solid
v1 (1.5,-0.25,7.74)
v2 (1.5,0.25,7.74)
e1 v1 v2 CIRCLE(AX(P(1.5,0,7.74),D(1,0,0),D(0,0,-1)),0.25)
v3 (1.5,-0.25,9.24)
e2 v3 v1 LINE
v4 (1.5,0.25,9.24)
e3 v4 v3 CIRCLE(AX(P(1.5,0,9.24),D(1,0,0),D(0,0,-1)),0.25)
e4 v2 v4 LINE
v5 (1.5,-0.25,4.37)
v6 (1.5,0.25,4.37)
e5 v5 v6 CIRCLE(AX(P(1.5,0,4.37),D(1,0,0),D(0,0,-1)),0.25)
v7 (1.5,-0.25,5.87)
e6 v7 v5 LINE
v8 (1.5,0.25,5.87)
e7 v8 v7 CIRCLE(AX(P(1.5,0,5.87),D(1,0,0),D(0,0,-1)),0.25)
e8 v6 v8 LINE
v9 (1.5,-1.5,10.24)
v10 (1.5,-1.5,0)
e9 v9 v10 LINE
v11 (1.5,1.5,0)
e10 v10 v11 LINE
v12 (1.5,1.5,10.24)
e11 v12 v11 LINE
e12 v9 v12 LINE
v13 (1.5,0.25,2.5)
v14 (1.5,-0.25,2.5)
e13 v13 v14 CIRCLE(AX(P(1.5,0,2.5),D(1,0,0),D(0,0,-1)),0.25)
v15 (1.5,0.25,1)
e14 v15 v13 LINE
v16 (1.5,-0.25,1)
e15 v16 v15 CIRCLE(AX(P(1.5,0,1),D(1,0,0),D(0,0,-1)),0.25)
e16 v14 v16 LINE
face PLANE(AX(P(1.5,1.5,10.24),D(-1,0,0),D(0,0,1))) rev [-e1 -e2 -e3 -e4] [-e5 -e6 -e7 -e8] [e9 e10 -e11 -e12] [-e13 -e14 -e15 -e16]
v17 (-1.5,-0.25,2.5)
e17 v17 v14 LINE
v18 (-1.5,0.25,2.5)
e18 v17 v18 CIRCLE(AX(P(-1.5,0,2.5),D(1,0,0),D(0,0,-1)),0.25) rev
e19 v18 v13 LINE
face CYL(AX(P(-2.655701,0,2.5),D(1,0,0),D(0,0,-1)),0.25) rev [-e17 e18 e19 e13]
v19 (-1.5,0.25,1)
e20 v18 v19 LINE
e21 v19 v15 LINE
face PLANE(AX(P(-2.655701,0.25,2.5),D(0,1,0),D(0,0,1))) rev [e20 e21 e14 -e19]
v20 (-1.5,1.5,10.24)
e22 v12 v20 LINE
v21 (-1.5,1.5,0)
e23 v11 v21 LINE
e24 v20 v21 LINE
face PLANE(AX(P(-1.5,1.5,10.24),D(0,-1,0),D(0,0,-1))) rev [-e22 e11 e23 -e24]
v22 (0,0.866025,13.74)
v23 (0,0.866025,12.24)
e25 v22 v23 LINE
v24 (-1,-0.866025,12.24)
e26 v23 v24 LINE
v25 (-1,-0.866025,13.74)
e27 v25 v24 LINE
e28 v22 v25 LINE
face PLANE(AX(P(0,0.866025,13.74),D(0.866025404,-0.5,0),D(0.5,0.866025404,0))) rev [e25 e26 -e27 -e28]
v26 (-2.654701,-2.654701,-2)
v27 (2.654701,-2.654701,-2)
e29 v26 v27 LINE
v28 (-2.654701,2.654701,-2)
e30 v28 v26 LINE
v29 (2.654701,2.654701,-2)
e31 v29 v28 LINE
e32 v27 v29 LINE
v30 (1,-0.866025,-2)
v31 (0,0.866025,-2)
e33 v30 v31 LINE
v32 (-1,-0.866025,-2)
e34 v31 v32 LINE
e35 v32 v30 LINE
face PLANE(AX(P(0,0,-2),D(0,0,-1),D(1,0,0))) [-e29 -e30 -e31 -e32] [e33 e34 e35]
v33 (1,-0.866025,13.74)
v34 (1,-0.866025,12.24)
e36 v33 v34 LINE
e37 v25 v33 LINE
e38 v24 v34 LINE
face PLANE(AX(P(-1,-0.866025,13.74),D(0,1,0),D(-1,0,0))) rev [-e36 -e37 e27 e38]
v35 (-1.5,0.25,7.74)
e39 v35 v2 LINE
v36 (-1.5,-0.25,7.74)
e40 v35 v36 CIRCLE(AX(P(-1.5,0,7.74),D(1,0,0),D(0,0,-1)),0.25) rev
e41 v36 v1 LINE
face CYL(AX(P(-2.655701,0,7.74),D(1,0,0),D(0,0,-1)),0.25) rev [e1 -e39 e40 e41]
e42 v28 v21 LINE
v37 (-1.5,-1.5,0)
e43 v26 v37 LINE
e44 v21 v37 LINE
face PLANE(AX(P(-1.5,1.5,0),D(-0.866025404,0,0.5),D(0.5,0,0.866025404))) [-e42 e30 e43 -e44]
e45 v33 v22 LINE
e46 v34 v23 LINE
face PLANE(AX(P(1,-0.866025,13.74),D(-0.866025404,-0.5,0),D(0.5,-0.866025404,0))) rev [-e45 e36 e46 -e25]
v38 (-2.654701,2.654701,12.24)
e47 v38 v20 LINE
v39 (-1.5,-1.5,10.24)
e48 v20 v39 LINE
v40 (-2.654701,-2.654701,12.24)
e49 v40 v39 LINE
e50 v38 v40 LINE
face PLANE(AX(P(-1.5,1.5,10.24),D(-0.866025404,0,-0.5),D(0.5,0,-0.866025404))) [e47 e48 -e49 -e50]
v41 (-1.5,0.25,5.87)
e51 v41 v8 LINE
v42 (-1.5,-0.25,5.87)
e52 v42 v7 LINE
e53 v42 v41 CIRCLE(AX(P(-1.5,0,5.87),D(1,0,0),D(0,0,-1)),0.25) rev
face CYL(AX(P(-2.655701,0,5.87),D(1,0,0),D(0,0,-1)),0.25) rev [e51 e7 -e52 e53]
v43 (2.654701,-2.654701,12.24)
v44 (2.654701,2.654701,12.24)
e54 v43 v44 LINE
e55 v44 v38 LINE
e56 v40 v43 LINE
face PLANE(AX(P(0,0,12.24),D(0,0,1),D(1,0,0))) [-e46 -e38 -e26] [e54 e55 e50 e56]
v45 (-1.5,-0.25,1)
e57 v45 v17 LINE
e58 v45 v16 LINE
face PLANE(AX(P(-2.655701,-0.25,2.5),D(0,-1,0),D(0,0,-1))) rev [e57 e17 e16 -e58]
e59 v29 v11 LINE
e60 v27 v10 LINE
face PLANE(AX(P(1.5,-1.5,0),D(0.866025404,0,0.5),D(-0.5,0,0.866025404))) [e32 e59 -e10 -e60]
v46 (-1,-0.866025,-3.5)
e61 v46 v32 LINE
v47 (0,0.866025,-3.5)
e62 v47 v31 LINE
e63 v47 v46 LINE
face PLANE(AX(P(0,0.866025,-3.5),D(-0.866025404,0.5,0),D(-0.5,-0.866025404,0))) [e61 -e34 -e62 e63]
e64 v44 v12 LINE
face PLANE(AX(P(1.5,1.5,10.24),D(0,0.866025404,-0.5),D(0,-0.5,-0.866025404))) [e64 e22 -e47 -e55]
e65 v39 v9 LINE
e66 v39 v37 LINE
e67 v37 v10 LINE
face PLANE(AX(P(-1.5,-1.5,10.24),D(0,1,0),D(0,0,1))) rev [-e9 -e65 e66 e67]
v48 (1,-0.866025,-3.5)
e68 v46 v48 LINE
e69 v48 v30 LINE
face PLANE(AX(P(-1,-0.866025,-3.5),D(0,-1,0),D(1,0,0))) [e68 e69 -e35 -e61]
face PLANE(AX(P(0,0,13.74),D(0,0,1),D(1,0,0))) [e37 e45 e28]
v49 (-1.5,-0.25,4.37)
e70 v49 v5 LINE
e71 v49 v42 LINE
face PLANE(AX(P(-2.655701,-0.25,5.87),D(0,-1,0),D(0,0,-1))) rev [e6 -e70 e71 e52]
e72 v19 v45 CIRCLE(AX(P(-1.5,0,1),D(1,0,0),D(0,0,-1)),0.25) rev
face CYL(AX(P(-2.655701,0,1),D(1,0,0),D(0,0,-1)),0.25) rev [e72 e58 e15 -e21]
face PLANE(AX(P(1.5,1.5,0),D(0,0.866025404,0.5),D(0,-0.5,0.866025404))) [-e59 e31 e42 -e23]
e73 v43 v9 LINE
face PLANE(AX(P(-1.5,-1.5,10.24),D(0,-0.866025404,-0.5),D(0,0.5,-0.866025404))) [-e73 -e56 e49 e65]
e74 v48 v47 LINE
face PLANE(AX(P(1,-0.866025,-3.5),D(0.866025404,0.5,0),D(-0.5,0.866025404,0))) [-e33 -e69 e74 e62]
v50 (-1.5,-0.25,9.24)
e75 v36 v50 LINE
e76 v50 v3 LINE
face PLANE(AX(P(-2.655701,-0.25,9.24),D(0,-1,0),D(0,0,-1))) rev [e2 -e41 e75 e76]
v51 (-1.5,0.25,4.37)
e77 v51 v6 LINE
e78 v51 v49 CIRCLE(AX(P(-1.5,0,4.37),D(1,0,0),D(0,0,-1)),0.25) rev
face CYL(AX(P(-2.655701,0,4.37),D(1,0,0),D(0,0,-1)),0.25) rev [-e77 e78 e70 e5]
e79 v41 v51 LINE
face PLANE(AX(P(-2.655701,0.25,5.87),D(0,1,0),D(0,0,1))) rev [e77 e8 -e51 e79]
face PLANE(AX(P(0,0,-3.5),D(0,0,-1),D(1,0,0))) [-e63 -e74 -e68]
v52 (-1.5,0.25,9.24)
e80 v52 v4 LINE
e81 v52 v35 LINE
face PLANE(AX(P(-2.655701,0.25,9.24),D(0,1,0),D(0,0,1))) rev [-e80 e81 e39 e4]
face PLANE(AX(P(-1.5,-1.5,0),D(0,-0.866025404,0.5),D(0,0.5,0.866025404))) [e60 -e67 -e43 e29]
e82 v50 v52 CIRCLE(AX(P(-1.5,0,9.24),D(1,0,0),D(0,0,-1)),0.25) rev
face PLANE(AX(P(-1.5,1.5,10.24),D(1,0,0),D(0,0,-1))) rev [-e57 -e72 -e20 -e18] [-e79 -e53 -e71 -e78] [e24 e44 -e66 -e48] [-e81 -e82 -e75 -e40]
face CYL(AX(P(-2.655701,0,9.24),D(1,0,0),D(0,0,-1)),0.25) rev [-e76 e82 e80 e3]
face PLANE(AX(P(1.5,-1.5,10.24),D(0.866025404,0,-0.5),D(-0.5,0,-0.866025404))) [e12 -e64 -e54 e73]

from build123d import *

# Parameters (mm, degrees)
SKETCH1_W               = 3
SKETCH1_H               = 3
BOSS_EXTRUDE1_DEPTH     = 10.24
SKETCH2_W               = 3
SKETCH2_H               = 3
BOSS_EXTRUDE2_DEPTH     = 2
BOSS_EXTRUDE2_DRAFT     = -30
MIRROR1_COPY_1_SKETCH_W = 3
MIRROR1_COPY_1_SKETCH_H = 3
MIRROR1_COPY_1_DEPTH    = 2
MIRROR1_COPY_1_DRAFT    = -30
BOSS_EXTRUDE3_DEPTH     = 1.5
CUT_EXTRUDE1_REACH      = 16.598


with BuildPart() as part:
    # Sketch1 → Boss-Extrude1 (new body)
    with BuildSketch(Plane.XY):
        Rectangle(SKETCH1_W, SKETCH1_H)
    extrude(amount=BOSS_EXTRUDE1_DEPTH)


with BuildPart() as boss_extrude2_tool:
    # Sketch2 → Boss-Extrude2 (with draft: the straight prism first)
    with BuildSketch(Plane.XY.offset(10.24)):
        Rectangle(SKETCH2_W, SKETCH2_H)
    extrude(amount=BOSS_EXTRUDE2_DEPTH)
    # Boss-Extrude2: the draft: its side faces are tilted about the plane it starts from
    boss_extrude2_sides = [boss_extrude2_tool.faces().sort_by_distance(p)[0] for p in [
        (1.5, 0, 11.24),
        (0, 1.5, 11.24),
        (-1.5, 0, 11.24),
        (0, -1.5, 11.24),
    ]]
    draft(boss_extrude2_sides, Plane.XY.offset(10.24), BOSS_EXTRUDE2_DRAFT)


with BuildPart() as part_1:
    add(part.part)

    # Boss-Extrude2: add boss_extrude2_tool
    add(boss_extrude2_tool.part)


with BuildPart() as mirror1_copy_1_tool:
    # Mirror1 copy 1 sketch → Mirror1 copy 1 (with draft: the straight prism first)
    with BuildSketch(Plane(origin=(0, 0, 0), x_dir=(1, 0, 0), z_dir=(0, 0, -1))):
        Rectangle(MIRROR1_COPY_1_SKETCH_W, MIRROR1_COPY_1_SKETCH_H)
    extrude(amount=MIRROR1_COPY_1_DEPTH)
    # Mirror1 copy 1: the draft: its side faces are tilted about the plane it starts from
    mirror1_copy_1_sides = [mirror1_copy_1_tool.faces().sort_by_distance(p)[0] for p in [
        (1.5, 0, -1),
        (0, 1.5, -1),
        (-1.5, 0, -1),
        (0, -1.5, -1),
    ]]
    draft(mirror1_copy_1_sides, Plane(origin=(0, 0, 0), x_dir=(1, 0, 0), z_dir=(0, 0, -1)), MIRROR1_COPY_1_DRAFT)


with BuildPart() as part_2:
    add(part_1.part)

    # Mirror1 copy 1: add mirror1_copy_1_tool
    add(mirror1_copy_1_tool.part)

    # Sketch3 → Boss-Extrude3 (add)
    with BuildSketch(Plane.XY.offset(12.24)):
        Polygon((0, 0.866025404), (-1, -0.866025404), (1, -0.866025404), align=None)
    boss_extrude3 = extrude(amount=BOSS_EXTRUDE3_DEPTH)

    # Mirror2: Boss-Extrude3 across plane
    add(boss_extrude3.mirror(Plane.XY.offset(5.12)))

    # Sketch7 → Cut-Extrude1 (cut, up to next)
    with BuildSketch(Plane(origin=(1.5, 0, 0), x_dir=(0, 0, -1), z_dir=(1, 0, 0)), mode=Mode.PRIVATE) as cut_extrude1_sk1:
        with BuildLine():
            Line((-9.24, 0.25), (-7.74, 0.25))
            ThreePointArc((-7.74, 0.25), (-7.49, 0), (-7.74, -0.25))
            Line((-7.74, -0.25), (-9.24, -0.25))
            ThreePointArc((-9.24, -0.25), (-9.49, 0), (-9.24, 0.25))
        make_face()
    cut_extrude1_tool1 = extrude(cut_extrude1_sk1.sketch, amount=-CUT_EXTRUDE1_REACH, mode=Mode.PRIVATE) & part_2.part
    # Sketch7 → Cut-Extrude1 (cut, up to next)
    with BuildSketch(Plane(origin=(1.5, 0, 0), x_dir=(0, 0, -1), z_dir=(1, 0, 0)), mode=Mode.PRIVATE) as cut_extrude1_sk2:
        with BuildLine():
            Line((-5.87, 0.25), (-4.37, 0.25))
            ThreePointArc((-4.37, 0.25), (-4.12, 0), (-4.37, -0.25))
            Line((-4.37, -0.25), (-5.87, -0.25))
            ThreePointArc((-5.87, -0.25), (-6.12, 0), (-5.87, 0.25))
        make_face()
    cut_extrude1_tool2 = extrude(cut_extrude1_sk2.sketch, amount=-CUT_EXTRUDE1_REACH, mode=Mode.PRIVATE) & part_2.part
    # Sketch7 → Cut-Extrude1 (cut, up to next)
    with BuildSketch(Plane(origin=(1.5, 0, 0), x_dir=(0, 0, -1), z_dir=(1, 0, 0)), mode=Mode.PRIVATE) as cut_extrude1_sk3:
        with BuildLine():
            Line((-2.5, 0.25), (-1, 0.25))
            ThreePointArc((-1, 0.25), (-0.75, 0), (-1, -0.25))
            Line((-1, -0.25), (-2.5, -0.25))
            ThreePointArc((-2.5, -0.25), (-2.75, 0), (-2.5, 0.25))
        make_face()
    cut_extrude1_tool3 = extrude(cut_extrude1_sk3.sketch, amount=-CUT_EXTRUDE1_REACH, mode=Mode.PRIVATE) & part_2.part
    add(cut_extrude1_tool1.solids().sort_by_distance((1.5, 0, 8.49))[0], mode=Mode.SUBTRACT)
    add(cut_extrude1_tool2.solids().sort_by_distance((1.5, 0, 5.12))[0], mode=Mode.SUBTRACT)
    add(cut_extrude1_tool3.solids().sort_by_distance((1.5, 0, 1.75))[0], mode=Mode.SUBTRACT)


solid = part_2.part
